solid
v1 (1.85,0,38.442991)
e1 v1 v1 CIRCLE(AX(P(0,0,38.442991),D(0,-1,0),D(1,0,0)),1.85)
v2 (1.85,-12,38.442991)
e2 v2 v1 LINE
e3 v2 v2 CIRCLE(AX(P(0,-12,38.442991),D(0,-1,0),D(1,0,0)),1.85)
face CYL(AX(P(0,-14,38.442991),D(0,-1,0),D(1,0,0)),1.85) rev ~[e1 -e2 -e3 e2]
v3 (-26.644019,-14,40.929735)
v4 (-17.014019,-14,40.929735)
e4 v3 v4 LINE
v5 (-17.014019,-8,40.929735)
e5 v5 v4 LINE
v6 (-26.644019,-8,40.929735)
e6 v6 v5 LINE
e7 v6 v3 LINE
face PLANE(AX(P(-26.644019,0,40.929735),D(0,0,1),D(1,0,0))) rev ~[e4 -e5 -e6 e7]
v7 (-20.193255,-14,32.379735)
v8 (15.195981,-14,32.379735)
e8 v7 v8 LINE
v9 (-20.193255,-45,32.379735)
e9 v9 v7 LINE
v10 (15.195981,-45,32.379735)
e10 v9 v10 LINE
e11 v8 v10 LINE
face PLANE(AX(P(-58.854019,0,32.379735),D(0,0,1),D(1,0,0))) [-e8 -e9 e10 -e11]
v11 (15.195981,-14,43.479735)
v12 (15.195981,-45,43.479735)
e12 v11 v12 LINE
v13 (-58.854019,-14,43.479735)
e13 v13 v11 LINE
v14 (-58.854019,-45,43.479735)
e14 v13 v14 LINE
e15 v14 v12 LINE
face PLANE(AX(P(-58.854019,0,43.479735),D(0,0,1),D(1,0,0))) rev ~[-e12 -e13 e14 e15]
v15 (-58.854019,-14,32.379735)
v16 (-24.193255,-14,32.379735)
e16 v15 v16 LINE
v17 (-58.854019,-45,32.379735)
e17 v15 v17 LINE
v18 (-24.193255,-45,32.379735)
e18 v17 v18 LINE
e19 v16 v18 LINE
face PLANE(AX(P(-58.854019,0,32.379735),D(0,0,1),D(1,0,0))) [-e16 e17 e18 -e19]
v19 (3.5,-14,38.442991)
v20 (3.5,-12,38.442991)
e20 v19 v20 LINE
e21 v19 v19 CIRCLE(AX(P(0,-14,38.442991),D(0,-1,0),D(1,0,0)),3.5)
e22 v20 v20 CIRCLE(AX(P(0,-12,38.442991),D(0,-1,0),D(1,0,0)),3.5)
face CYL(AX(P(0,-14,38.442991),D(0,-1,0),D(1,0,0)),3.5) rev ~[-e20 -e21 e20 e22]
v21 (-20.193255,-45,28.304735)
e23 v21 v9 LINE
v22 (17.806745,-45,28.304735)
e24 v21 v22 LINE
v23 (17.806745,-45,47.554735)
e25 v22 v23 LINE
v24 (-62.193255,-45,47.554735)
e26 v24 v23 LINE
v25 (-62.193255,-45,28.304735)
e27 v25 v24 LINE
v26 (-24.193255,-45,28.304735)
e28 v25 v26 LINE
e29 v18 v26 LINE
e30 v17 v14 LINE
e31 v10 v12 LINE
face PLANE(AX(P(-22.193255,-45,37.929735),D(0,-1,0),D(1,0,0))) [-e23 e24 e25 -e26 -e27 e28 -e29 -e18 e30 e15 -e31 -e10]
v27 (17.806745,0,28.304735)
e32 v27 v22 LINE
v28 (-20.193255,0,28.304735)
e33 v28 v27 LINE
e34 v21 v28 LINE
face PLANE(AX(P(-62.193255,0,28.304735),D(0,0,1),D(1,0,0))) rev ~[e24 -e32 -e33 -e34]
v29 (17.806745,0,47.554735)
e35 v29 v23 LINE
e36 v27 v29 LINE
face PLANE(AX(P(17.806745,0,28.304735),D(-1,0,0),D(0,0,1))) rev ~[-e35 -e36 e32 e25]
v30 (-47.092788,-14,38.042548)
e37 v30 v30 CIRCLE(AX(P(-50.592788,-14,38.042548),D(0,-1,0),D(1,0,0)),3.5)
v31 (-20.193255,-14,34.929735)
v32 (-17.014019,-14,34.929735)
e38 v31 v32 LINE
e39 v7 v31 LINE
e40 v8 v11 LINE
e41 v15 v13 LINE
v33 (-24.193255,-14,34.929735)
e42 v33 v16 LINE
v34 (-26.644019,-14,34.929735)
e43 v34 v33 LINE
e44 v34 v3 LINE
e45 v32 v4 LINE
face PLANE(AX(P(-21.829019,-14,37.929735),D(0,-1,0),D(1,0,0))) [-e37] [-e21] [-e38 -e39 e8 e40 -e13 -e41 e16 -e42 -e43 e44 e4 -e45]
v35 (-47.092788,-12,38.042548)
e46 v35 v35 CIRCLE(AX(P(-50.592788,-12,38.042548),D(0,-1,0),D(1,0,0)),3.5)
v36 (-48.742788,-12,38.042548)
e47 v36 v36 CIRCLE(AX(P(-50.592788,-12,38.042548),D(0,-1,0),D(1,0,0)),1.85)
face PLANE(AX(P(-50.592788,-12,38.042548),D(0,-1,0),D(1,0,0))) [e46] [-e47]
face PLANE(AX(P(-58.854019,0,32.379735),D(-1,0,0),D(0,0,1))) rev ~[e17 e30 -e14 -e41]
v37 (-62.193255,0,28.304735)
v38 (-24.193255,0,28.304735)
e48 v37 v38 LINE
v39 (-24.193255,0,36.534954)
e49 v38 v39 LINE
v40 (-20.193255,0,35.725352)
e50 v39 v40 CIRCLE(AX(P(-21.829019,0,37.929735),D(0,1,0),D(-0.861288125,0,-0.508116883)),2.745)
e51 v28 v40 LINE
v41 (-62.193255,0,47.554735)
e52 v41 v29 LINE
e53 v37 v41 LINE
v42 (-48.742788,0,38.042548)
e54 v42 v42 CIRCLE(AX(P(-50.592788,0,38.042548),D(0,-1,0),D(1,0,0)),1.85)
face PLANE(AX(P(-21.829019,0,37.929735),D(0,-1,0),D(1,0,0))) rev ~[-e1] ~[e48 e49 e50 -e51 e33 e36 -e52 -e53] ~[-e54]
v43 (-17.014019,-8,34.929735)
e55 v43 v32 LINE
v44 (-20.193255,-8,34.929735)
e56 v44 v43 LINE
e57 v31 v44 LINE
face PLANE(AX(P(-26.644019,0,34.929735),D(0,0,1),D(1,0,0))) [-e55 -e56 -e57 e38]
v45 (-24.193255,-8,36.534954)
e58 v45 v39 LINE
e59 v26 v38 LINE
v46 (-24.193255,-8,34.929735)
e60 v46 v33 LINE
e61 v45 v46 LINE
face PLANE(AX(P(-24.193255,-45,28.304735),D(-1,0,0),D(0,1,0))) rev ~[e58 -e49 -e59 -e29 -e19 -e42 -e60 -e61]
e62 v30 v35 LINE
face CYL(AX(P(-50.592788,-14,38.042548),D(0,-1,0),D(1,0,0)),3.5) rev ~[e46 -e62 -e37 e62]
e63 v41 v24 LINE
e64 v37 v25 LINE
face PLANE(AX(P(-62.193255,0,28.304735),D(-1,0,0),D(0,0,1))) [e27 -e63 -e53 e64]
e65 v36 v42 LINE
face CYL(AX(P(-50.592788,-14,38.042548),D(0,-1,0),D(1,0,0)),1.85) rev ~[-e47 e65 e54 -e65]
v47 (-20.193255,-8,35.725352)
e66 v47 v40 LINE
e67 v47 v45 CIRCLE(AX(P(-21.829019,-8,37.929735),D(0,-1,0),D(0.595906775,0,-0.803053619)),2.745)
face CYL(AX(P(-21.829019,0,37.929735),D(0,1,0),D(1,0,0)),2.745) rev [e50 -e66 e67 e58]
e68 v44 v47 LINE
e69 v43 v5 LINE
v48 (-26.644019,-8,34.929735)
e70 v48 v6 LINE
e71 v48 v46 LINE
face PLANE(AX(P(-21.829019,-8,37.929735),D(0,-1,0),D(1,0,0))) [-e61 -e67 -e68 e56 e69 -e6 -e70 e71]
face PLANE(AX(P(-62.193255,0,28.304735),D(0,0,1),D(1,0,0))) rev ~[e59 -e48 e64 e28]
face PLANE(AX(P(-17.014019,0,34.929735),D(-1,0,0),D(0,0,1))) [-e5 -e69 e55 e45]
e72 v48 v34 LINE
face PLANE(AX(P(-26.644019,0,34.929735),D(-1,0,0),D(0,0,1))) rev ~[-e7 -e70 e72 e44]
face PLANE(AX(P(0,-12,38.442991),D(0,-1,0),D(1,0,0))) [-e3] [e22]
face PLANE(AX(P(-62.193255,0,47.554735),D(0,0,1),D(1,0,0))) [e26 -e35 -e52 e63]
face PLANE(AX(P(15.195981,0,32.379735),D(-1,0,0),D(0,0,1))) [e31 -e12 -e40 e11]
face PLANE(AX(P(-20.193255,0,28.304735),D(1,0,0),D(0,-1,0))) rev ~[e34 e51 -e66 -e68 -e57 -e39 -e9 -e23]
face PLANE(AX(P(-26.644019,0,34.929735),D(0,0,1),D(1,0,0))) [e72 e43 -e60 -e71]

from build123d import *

# Parameters (mm, degrees)
F0_W      = 80
F0_H      = 19.25
F0_W_2    = 74.05
F0_H_2    = 11.1
F1_DEPTH  = 45
F0_W_3    = 9.63
F0_H_3    = 6
F2_DEPTH  = 14
F0_R      = 2.745
F3_DEPTH  = 8
F5_W      = 4
F5_H      = 29.0582341515
F6_DEPTH  = 3.07077
F5_H_2    = 15.9417658485
F7_DEPTH  = 8.2825263962
F11_R     = 3.5
F11_R_2   = 1.85
F12_DEPTH = 2
F13_DEPTH = 25


with BuildPart() as f1:
    # F0 (on Front) → F1 (new body)
    with BuildSketch(Plane.XZ):
        with Locations((-22.1932545304, 37.9297346771)):
            Rectangle(F0_W, F0_H)
        with Locations((-21.8290186286, 37.9297346771)):
            Rectangle(F0_W_2, F0_H_2, mode=Mode.SUBTRACT)
    extrude(amount=F1_DEPTH)

    # F0 (on Front) → F2 (join)
    with BuildSketch(Plane.XZ):
        with Locations((-21.8290186286, 37.9297346771)):
            Rectangle(F0_W_2, F0_H_2)
        with Locations((-21.8290186286, 37.9297346771)):
            Rectangle(F0_W_3, F0_H_3, mode=Mode.SUBTRACT)
    extrude(amount=F2_DEPTH)

    # F0 (on Front) → F3 (join)
    with BuildSketch(Plane.XZ):
        with Locations((-21.8290186286, 37.9297346771)):
            Rectangle(F0_W_3, F0_H_3)
        with Locations((-21.8290186286, 37.9297346771)):
            Circle(F0_R, mode=Mode.SUBTRACT)
    extrude(amount=F3_DEPTH)

    # F5 (on offset) → F6 (cut)
    with BuildSketch(Plane(origin=(0, 0, 28.3047346771), x_dir=(1, 0, 0), z_dir=(0, 0, -1))):
        with Locations((-22.1932545304, 30.4708829243)):
            Rectangle(F5_W, F5_H)
    extrude(amount=-F6_DEPTH, mode=Mode.SUBTRACT)

    # F5 (on offset) → F7 (cut)
    with BuildSketch(Plane(origin=(0, 0, 28.3047346771), x_dir=(1, 0, 0), z_dir=(0, 0, -1))):
        with Locations((-22.1932545304, 30.4708829243)):
            Rectangle(F5_W, F5_H)
        with Locations((-22.1932545304, 7.9708829243)):
            Rectangle(F5_W, F5_H_2)
    extrude(amount=-F7_DEPTH, mode=Mode.SUBTRACT)

    # F11 (on offset) → F12 (cut)
    with BuildSketch(Plane.XZ.offset(14)):
        with Locations((-50.5927884306, 38.0425482406)):
            Circle(F11_R)
        with Locations((-50.5927884306, 38.0425482406)):
            Circle(F11_R_2, mode=Mode.SUBTRACT)
        with Locations((0, 38.4429908707)):
            Circle(F11_R)
        with Locations((0, 38.4429908707)):
            Circle(F11_R_2, mode=Mode.SUBTRACT)
    extrude(amount=-F12_DEPTH, mode=Mode.SUBTRACT)

    # F13 (cut): faces of the model
    f13_faces = [f1.faces().sort_by_distance(p)[0] for p in [
        (0, -14, 38.4429908707),
        (-50.5927884306, -14, 38.0425482406),
    ]]
    extrude(f13_faces, amount=-F13_DEPTH, mode=Mode.SUBTRACT)


solid = f1.part
